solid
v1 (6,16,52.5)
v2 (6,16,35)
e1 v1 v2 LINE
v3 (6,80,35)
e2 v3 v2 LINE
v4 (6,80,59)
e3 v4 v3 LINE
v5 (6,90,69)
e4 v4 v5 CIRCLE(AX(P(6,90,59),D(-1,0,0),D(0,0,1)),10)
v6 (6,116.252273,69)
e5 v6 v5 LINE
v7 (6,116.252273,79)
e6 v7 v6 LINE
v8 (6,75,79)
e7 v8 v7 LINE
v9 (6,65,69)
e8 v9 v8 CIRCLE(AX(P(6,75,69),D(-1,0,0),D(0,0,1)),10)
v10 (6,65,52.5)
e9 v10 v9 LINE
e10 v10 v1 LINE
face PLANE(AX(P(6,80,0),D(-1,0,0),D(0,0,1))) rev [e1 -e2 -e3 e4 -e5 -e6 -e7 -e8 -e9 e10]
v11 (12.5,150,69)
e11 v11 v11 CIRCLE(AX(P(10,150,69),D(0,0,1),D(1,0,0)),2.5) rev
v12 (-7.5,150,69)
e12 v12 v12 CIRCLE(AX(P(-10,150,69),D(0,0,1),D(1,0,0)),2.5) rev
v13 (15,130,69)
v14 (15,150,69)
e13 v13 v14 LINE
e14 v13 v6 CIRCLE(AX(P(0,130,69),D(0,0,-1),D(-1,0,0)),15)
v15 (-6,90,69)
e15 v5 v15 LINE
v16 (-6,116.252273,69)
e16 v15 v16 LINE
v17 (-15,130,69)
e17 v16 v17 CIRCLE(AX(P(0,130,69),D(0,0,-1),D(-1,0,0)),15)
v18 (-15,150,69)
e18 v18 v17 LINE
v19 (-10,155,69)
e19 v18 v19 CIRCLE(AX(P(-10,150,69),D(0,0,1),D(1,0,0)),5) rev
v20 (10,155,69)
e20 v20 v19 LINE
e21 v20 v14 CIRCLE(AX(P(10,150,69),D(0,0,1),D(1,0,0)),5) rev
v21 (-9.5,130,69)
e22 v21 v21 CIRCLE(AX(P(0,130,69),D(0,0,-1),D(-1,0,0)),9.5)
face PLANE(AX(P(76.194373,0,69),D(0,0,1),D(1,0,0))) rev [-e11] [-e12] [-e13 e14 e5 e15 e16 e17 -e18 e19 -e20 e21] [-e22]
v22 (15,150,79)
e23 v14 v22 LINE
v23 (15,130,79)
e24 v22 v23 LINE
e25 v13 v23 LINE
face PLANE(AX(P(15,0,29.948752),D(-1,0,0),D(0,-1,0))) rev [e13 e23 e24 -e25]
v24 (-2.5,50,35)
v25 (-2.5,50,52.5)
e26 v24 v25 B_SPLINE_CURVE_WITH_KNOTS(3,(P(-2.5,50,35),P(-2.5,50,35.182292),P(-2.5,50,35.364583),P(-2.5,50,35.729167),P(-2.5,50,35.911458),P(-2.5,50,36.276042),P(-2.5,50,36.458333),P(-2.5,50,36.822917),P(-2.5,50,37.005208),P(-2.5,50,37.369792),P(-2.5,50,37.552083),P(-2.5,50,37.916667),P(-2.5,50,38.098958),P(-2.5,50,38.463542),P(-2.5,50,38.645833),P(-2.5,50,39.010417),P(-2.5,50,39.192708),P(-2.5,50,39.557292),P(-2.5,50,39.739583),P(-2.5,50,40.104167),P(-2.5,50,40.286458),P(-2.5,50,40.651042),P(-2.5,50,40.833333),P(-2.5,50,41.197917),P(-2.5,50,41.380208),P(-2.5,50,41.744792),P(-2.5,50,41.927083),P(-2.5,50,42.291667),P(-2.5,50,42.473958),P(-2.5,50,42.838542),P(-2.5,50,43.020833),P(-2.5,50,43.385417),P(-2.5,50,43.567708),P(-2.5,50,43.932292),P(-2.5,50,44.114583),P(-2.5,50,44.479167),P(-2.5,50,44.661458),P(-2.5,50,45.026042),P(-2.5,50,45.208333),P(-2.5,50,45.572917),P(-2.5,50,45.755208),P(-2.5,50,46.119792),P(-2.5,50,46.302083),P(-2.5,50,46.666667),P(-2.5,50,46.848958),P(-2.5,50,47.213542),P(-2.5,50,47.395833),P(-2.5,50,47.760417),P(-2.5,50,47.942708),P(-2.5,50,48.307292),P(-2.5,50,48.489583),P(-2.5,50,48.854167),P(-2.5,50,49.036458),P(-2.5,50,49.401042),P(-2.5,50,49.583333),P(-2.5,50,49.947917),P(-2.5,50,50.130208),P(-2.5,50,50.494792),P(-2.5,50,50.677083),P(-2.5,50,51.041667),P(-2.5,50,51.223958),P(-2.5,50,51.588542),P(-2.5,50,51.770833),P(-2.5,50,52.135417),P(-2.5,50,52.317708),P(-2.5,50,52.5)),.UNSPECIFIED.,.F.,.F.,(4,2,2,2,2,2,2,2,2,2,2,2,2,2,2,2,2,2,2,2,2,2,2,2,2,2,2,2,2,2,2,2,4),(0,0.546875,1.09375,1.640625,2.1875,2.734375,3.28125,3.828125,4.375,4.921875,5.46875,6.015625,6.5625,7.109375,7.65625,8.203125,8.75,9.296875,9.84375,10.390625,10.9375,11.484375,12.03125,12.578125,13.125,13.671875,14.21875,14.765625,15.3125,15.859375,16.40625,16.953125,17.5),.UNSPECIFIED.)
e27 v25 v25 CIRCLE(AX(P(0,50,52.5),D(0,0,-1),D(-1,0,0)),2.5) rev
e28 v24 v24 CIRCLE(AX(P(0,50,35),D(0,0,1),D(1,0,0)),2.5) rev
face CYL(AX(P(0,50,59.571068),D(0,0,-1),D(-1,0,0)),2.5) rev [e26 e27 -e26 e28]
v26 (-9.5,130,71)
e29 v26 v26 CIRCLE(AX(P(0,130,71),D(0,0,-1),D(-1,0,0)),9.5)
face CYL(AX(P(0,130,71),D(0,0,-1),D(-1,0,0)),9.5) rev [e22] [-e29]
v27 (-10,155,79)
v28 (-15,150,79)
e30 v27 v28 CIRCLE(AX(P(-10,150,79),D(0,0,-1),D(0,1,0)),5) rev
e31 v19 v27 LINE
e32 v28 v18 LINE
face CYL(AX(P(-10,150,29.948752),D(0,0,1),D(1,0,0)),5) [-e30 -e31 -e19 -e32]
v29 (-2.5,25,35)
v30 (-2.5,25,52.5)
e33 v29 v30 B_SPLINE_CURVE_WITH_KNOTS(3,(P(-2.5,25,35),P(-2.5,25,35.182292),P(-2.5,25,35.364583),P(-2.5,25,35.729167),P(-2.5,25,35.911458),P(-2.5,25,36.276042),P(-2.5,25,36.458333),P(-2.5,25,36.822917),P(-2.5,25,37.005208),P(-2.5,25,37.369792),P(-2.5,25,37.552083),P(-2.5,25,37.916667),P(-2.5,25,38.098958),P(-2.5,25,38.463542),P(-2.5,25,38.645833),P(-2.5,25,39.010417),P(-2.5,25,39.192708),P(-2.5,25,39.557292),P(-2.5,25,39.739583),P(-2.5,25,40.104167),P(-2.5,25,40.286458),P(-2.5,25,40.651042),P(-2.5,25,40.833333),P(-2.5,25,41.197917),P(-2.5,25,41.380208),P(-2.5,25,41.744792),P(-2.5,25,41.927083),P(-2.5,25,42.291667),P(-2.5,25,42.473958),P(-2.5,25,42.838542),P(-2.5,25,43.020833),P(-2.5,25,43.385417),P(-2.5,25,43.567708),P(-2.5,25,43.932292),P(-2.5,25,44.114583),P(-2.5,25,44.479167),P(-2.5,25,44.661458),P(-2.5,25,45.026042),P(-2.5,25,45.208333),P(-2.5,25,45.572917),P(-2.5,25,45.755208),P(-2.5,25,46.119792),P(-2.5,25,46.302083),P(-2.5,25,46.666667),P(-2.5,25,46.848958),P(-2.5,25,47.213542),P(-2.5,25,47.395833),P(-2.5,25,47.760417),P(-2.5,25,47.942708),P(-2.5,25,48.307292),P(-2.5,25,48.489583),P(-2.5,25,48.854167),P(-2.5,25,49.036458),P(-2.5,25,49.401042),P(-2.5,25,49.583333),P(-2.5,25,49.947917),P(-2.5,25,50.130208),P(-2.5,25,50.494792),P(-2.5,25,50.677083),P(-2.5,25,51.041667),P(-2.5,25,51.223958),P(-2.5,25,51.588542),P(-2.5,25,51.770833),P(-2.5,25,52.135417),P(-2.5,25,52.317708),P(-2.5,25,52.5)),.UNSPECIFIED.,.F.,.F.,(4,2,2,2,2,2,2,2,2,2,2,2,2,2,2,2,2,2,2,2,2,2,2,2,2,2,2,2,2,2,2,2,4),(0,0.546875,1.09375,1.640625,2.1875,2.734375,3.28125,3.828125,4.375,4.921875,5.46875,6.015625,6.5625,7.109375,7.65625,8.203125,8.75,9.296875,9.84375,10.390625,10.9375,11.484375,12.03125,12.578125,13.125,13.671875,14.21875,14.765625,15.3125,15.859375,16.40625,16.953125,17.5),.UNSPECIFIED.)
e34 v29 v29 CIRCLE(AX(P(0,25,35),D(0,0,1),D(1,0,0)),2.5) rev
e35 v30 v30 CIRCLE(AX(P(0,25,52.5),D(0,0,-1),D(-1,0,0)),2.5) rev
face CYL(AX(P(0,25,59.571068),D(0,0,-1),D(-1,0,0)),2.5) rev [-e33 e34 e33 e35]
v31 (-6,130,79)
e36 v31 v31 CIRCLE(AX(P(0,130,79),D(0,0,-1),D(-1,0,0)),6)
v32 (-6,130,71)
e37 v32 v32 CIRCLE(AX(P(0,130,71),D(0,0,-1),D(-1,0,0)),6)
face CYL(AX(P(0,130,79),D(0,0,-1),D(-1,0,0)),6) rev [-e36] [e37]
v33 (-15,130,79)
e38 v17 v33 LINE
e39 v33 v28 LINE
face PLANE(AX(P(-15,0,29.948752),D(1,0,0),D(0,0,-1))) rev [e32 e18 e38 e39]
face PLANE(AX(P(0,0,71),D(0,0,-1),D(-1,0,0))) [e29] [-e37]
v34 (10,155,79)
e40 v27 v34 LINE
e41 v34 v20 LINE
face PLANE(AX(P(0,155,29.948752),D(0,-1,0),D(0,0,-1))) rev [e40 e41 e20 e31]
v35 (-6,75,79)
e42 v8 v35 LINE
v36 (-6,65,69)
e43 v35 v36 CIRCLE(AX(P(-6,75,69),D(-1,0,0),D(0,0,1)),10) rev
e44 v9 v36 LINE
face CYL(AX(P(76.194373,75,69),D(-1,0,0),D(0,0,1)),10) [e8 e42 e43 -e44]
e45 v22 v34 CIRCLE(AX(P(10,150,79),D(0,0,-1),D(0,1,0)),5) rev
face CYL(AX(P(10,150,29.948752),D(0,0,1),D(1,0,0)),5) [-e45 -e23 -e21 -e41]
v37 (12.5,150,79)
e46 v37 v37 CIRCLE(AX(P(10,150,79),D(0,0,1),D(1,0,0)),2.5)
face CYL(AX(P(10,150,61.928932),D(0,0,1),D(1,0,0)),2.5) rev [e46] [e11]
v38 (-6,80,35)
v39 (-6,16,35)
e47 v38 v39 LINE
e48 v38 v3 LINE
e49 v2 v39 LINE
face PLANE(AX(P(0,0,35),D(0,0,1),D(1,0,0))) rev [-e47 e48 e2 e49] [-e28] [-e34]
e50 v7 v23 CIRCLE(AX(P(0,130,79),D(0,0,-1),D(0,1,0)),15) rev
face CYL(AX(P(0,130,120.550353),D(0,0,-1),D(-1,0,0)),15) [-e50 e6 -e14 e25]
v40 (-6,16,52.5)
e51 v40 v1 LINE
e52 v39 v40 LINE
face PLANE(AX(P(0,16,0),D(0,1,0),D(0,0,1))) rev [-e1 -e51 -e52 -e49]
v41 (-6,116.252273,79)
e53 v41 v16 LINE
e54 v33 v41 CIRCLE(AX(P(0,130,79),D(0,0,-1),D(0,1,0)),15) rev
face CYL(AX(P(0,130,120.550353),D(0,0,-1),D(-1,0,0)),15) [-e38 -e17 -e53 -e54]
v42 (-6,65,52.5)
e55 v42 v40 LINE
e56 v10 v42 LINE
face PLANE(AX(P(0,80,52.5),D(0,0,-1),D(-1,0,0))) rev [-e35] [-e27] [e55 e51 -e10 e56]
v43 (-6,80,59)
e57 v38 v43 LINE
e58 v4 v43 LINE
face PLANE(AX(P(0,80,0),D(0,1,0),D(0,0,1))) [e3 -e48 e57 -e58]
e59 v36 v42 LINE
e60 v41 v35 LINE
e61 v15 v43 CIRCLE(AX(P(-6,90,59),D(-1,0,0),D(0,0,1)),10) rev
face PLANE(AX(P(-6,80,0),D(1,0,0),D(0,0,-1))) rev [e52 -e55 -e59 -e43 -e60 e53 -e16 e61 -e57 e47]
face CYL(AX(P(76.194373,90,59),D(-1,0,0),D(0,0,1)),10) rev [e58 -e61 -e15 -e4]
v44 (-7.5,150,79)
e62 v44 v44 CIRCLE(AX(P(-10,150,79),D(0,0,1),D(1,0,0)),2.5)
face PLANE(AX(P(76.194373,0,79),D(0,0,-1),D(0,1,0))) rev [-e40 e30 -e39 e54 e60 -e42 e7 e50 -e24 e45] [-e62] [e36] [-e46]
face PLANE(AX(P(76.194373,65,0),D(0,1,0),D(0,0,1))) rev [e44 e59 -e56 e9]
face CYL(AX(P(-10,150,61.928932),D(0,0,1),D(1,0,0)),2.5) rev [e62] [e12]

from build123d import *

# Parameters (mm, degrees)
SKETCH_1_R               = 5
EXTRUDE_1_DEPTH          = 12.5
SKETCH_2_R               = 6
EXTRUDE_2_DEPTH          = 22.5
SKETCH_3_R               = 5
EXTRUDE_3_DEPTH          = 12.5
SKETCH_4_W               = 12
SKETCH_4_H               = 35
EXTRUDE_4_DEPTH          = 80
EXTRUDE_5_DEPTH          = 12
EXTRUDE_6_DEPTH          = 10
SKETCH_7_R               = 9.5
CUT_EXTRUDE_1_DEPTH      = 2
SKETCH_8_R               = 6
CUT_EXTRUDE_2_DEPTH      = 166.329973084
EXTRUDE_START            = -10
EXTRUDE_7_DEPTH          = 10
SKETCH_10_R              = 2.5
CUT_EXTRUDE_3_DEPTH      = 10
FILLET_1_R               = 5
FILLET_2_R               = 5
SKETCH_11_R              = 2.5
CUT_EXTRUDE_4_DEPTH      = 10
EXTRUDE_8_DEPTH          = 10
SKETCH_13_R              = 12.5
SKETCH_13_R_2            = 2
CUT_EXTRUDE_5_DEPTH      = 10
PATTERN_CIRCULAR_1_COUNT = 8
SKETCH_14_R              = 2.5
EXTRUDE_9_DEPTH          = 10
SKETCH_15_R              = 2.5
CUT_EXTRUDE_6_DEPTH      = 35
CUT_EXTRUDE_7_DEPTH      = 175.719754648
CUT_EXTRUDE_8_DEPTH      = 1
CUT_EXTRUDE_8_DEPTH_BACK = 162.449682564
SKETCH_18_W              = 84.288718948
SKETCH_18_H              = 107.811152142


with BuildPart() as part:
    # 草图1 → 凸台-拉伸1 (new body)
    with BuildSketch(Plane.XY):
        Circle(SKETCH_1_R)
    extrude(amount=EXTRUDE_1_DEPTH)

    # 草图2 → 凸台-拉伸2 (add)
    with BuildSketch(Plane.XY.offset(12.5)):
        with Locations(Location((0, 0, 0), (0, 0, 180))):
            Circle(SKETCH_2_R)
    extrude_2 = extrude(amount=EXTRUDE_2_DEPTH)

    # 镜向2: 凸台-拉伸2 across plane
    add(extrude_2.mirror(Plane.XY.offset(35)))

    # 草图3 → 凸台-拉伸3 (add)
    with BuildSketch(Plane.XY.offset(57.5)):
        Circle(SKETCH_3_R)
    extrude(amount=EXTRUDE_3_DEPTH)

    # 草图4 → 凸台-拉伸4 (add)
    with BuildSketch(Plane(origin=(0, 0, 0), x_dir=(1, 0, 0), z_dir=(0, 1, 0))):
        with Locations((0, -35)):
            Rectangle(SKETCH_4_W, SKETCH_4_H)
    extrude(amount=EXTRUDE_4_DEPTH)

    # 草图5 → 凸台-拉伸5 (add)
    with BuildSketch(Plane.ZY.offset(6)):
        with BuildLine():
            Line((17.5, 65), (17.5, 80))
            Line((17.5, 80), (13, 80))
            ThreePointArc((13, 80), (5.928932188, 82.928932188), (3, 90))
            Line((3, 90), (3, 130))
            Line((3, 130), (-7, 130))
            Line((-7, 130), (-7, 75))
            ThreePointArc((-7, 75), (-4.071067812, 67.928932188), (3, 65))
            Line((3, 65), (17.5, 65))
        make_face()
        with BuildLine():
            Line((59, 80), (52.5, 80))
            Line((52.5, 80), (52.5, 65))
            Line((52.5, 65), (69, 65))
            ThreePointArc((69, 65), (76.071067812, 67.928932188), (79, 75))
            Line((79, 75), (79, 130))
            Line((79, 130), (69, 130))
            Line((69, 130), (69, 90))
            ThreePointArc((69, 90), (66.071067812, 82.928932188), (59, 80))
        make_face()
    extrude(amount=-EXTRUDE_5_DEPTH)

    # 草图6 → 凸台-拉伸6 (add)
    with BuildSketch(Plane(origin=(0, 0, 69), x_dir=(-1, 0, 0), z_dir=(0, 0, -1))):
        with BuildLine():
            Line((6, 116.252272915), (6, 130))
            Line((6, 130), (-6, 130))
            Line((-6, 130), (-6, 116.252272915))
            ThreePointArc((-6, 116.252272915), (0, 115), (6, 116.252272915))
        make_face()
        with BuildLine():
            Line((-6, 130), (6, 130))
            Line((6, 130), (6, 116.252272915))
            ThreePointArc((6, 116.252272915), (12.549900398, 121.784161637), (15, 130))
            ThreePointArc((15, 130), (-8.215838363, 142.549900398), (-6, 116.252272915))
            Line((-6, 116.252272915), (-6, 130))
        make_face()
    extrude(amount=-EXTRUDE_6_DEPTH)

    # 草图7 → 切除-拉伸1 (cut)
    with BuildSketch(Plane(origin=(0, 0, 69), x_dir=(-1, 0, 0), z_dir=(0, 0, -1))):
        with Locations((0, 130)):
            Circle(SKETCH_7_R)
    extrude(amount=-CUT_EXTRUDE_1_DEPTH, mode=Mode.SUBTRACT)

    # 草图8 → 切除-拉伸2 (cut, through all)
    with BuildSketch(Plane(origin=(0, 0, 71), x_dir=(-1, 0, 0), z_dir=(0, 0, -1))):
        with Locations((0, 130)):
            Circle(SKETCH_8_R)
    extrude(amount=-CUT_EXTRUDE_2_DEPTH, mode=Mode.SUBTRACT)

    # 草图9 → 凸台-拉伸7 (add)
    with BuildSketch(Plane.XY.offset(79).offset(EXTRUDE_START)):
        with BuildLine():
            Line((-15, 155), (-15, 130))
            ThreePointArc((-15, 130), (0, 145), (15, 130))
            Line((15, 130), (15, 155))
            Line((15, 155), (-15, 155))
        make_face()
    extrude(amount=EXTRUDE_7_DEPTH)

    # 草图10 → 切除-拉伸3 (cut)
    with BuildSketch(Plane.XY.offset(79)):
        with Locations((10, 150)):
            Circle(SKETCH_10_R)
    extrude(amount=-CUT_EXTRUDE_3_DEPTH, mode=Mode.SUBTRACT)

    # 圆角1
    fillet_1_edges = [part.edges().sort_by_distance(p)[0] for p in [
        (15, 155, 74),
    ]]
    fillet(fillet_1_edges, radius=FILLET_1_R)

    # 圆角2
    fillet_2_edges = [part.edges().sort_by_distance(p)[0] for p in [
        (-15, 155, 74),
    ]]
    fillet(fillet_2_edges, radius=FILLET_2_R)

    # 草图11 → 切除-拉伸4 (cut)
    with BuildSketch(Plane.XY.offset(79)):
        with Locations((-10, 150)):
            Circle(SKETCH_11_R)
    extrude(amount=-CUT_EXTRUDE_4_DEPTH, mode=Mode.SUBTRACT)

    # 草图12 → 凸台-拉伸8 (add)
    with BuildSketch(Plane.XY.offset(3)):
        with BuildLine():
            ThreePointArc((-6, 103.162526199), (0, 102.5), (6, 103.162526199))
            Line((6, 103.162526199), (6, 130))
            Line((6, 130), (-6, 130))
            Line((-6, 130), (-6, 103.162526199))
        make_face()
        with BuildLine():
            Line((6, 130), (6, 103.162526199))
            ThreePointArc((6, 103.162526199), (21.462176031, 112.806251136), (27.5, 130))
            ThreePointArc((27.5, 130), (-17.193748864, 151.462176031), (-6, 103.162526199))
            Line((-6, 103.162526199), (-6, 130))
            Line((-6, 130), (6, 130))
        make_face()
    extrude(amount=-EXTRUDE_8_DEPTH)

    # 草图13 → 切除-拉伸5 (cut)
    with BuildSketch(Plane(origin=(0, 0, -7), x_dir=(-1, 0, 0), z_dir=(0, 0, -1))):
        with Locations(Location((0, 130, 0), (0, 0, 90))):
            Circle(SKETCH_13_R)
        with Locations(Location((0, 150, 0), (0, 0, 90))):
            Circle(SKETCH_13_R_2)
    cut_extrude_5 = extrude(amount=-CUT_EXTRUDE_5_DEPTH, mode=Mode.SUBTRACT)

    # 阵列(圆周)1: 切除-拉伸5 ×8 about axis
    pattern_circular_1_axis = Axis((0, 130, 0), (0, 0, 1))
    for i in range(1, PATTERN_CIRCULAR_1_COUNT):
        add(cut_extrude_5.rotate(pattern_circular_1_axis, i * 360 / PATTERN_CIRCULAR_1_COUNT), mode=Mode.SUBTRACT)

    # 草图14 → 凸台-拉伸9 (add)
    with BuildSketch(Plane(origin=(0, 0, -7), x_dir=(-1, 0, 0), z_dir=(0, 0, -1)).offset(EXTRUDE_START)):
        with BuildLine():
            Line((-6, 161.837473801), (-6, 156.837473801))
            ThreePointArc((-6, 156.837473801), (0, 157.5), (6, 156.837473801))
            Line((6, 156.837473801), (6, 161.837473801))
            ThreePointArc((6, 161.837473801), (4.535533906, 165.373007707), (1, 166.837473801))
            Line((1, 166.837473801), (-1, 166.837473801))
            ThreePointArc((-1, 166.837473801), (-4.535533906, 165.373007707), (-6, 161.837473801))
        make_face()
        with Locations(Location((0, 161.837473801, 0), (0, 0, 90))):
            Circle(SKETCH_14_R, mode=Mode.SUBTRACT)
    extrude(amount=EXTRUDE_9_DEPTH)

    # 草图15 → 切除-拉伸6 (cut)
    with BuildSketch(Plane(origin=(0, 0, 17.5), x_dir=(-1, 0, 0), z_dir=(0, 0, -1))):
        with Locations((0, 25)):
            Circle(SKETCH_15_R)
        with Locations((0, 50)):
            Circle(SKETCH_15_R)
    extrude(amount=-CUT_EXTRUDE_6_DEPTH, mode=Mode.SUBTRACT)

    # 草图16 → 切除-拉伸7 (cut, through all)
    with BuildSketch(Plane.XY.offset(35)):
        Polygon((-6, 97.653254631), (-6, 65), (-6, 15), (6, 15), (6, 65), (6, 97.653254631), align=None)
    extrude(amount=-CUT_EXTRUDE_7_DEPTH, mode=Mode.SUBTRACT)


with BuildPart() as cut_extrude_7_kept_piece:
    # of the separate pieces the step leaves, the one the design keeps (cut_extrude_7_pieces_kept)
    add(part.part.solids().sort_by_distance((-10, 155, 69))[0])

    # 草图18 → 切除-拉伸8 (cut, two sides: drawn at the far end of the back side and taken through both)
    with BuildSketch(Plane(origin=(0, 15, 0), x_dir=(1, 0, 0), z_dir=(0, 1, 0)).offset(-CUT_EXTRUDE_8_DEPTH_BACK)):
        with Locations((0, -29.971236553)):
            Rectangle(SKETCH_18_W, SKETCH_18_H)
    extrude(amount=CUT_EXTRUDE_8_DEPTH + CUT_EXTRUDE_8_DEPTH_BACK, mode=Mode.SUBTRACT)


solid = cut_extrude_7_kept_piece.part
